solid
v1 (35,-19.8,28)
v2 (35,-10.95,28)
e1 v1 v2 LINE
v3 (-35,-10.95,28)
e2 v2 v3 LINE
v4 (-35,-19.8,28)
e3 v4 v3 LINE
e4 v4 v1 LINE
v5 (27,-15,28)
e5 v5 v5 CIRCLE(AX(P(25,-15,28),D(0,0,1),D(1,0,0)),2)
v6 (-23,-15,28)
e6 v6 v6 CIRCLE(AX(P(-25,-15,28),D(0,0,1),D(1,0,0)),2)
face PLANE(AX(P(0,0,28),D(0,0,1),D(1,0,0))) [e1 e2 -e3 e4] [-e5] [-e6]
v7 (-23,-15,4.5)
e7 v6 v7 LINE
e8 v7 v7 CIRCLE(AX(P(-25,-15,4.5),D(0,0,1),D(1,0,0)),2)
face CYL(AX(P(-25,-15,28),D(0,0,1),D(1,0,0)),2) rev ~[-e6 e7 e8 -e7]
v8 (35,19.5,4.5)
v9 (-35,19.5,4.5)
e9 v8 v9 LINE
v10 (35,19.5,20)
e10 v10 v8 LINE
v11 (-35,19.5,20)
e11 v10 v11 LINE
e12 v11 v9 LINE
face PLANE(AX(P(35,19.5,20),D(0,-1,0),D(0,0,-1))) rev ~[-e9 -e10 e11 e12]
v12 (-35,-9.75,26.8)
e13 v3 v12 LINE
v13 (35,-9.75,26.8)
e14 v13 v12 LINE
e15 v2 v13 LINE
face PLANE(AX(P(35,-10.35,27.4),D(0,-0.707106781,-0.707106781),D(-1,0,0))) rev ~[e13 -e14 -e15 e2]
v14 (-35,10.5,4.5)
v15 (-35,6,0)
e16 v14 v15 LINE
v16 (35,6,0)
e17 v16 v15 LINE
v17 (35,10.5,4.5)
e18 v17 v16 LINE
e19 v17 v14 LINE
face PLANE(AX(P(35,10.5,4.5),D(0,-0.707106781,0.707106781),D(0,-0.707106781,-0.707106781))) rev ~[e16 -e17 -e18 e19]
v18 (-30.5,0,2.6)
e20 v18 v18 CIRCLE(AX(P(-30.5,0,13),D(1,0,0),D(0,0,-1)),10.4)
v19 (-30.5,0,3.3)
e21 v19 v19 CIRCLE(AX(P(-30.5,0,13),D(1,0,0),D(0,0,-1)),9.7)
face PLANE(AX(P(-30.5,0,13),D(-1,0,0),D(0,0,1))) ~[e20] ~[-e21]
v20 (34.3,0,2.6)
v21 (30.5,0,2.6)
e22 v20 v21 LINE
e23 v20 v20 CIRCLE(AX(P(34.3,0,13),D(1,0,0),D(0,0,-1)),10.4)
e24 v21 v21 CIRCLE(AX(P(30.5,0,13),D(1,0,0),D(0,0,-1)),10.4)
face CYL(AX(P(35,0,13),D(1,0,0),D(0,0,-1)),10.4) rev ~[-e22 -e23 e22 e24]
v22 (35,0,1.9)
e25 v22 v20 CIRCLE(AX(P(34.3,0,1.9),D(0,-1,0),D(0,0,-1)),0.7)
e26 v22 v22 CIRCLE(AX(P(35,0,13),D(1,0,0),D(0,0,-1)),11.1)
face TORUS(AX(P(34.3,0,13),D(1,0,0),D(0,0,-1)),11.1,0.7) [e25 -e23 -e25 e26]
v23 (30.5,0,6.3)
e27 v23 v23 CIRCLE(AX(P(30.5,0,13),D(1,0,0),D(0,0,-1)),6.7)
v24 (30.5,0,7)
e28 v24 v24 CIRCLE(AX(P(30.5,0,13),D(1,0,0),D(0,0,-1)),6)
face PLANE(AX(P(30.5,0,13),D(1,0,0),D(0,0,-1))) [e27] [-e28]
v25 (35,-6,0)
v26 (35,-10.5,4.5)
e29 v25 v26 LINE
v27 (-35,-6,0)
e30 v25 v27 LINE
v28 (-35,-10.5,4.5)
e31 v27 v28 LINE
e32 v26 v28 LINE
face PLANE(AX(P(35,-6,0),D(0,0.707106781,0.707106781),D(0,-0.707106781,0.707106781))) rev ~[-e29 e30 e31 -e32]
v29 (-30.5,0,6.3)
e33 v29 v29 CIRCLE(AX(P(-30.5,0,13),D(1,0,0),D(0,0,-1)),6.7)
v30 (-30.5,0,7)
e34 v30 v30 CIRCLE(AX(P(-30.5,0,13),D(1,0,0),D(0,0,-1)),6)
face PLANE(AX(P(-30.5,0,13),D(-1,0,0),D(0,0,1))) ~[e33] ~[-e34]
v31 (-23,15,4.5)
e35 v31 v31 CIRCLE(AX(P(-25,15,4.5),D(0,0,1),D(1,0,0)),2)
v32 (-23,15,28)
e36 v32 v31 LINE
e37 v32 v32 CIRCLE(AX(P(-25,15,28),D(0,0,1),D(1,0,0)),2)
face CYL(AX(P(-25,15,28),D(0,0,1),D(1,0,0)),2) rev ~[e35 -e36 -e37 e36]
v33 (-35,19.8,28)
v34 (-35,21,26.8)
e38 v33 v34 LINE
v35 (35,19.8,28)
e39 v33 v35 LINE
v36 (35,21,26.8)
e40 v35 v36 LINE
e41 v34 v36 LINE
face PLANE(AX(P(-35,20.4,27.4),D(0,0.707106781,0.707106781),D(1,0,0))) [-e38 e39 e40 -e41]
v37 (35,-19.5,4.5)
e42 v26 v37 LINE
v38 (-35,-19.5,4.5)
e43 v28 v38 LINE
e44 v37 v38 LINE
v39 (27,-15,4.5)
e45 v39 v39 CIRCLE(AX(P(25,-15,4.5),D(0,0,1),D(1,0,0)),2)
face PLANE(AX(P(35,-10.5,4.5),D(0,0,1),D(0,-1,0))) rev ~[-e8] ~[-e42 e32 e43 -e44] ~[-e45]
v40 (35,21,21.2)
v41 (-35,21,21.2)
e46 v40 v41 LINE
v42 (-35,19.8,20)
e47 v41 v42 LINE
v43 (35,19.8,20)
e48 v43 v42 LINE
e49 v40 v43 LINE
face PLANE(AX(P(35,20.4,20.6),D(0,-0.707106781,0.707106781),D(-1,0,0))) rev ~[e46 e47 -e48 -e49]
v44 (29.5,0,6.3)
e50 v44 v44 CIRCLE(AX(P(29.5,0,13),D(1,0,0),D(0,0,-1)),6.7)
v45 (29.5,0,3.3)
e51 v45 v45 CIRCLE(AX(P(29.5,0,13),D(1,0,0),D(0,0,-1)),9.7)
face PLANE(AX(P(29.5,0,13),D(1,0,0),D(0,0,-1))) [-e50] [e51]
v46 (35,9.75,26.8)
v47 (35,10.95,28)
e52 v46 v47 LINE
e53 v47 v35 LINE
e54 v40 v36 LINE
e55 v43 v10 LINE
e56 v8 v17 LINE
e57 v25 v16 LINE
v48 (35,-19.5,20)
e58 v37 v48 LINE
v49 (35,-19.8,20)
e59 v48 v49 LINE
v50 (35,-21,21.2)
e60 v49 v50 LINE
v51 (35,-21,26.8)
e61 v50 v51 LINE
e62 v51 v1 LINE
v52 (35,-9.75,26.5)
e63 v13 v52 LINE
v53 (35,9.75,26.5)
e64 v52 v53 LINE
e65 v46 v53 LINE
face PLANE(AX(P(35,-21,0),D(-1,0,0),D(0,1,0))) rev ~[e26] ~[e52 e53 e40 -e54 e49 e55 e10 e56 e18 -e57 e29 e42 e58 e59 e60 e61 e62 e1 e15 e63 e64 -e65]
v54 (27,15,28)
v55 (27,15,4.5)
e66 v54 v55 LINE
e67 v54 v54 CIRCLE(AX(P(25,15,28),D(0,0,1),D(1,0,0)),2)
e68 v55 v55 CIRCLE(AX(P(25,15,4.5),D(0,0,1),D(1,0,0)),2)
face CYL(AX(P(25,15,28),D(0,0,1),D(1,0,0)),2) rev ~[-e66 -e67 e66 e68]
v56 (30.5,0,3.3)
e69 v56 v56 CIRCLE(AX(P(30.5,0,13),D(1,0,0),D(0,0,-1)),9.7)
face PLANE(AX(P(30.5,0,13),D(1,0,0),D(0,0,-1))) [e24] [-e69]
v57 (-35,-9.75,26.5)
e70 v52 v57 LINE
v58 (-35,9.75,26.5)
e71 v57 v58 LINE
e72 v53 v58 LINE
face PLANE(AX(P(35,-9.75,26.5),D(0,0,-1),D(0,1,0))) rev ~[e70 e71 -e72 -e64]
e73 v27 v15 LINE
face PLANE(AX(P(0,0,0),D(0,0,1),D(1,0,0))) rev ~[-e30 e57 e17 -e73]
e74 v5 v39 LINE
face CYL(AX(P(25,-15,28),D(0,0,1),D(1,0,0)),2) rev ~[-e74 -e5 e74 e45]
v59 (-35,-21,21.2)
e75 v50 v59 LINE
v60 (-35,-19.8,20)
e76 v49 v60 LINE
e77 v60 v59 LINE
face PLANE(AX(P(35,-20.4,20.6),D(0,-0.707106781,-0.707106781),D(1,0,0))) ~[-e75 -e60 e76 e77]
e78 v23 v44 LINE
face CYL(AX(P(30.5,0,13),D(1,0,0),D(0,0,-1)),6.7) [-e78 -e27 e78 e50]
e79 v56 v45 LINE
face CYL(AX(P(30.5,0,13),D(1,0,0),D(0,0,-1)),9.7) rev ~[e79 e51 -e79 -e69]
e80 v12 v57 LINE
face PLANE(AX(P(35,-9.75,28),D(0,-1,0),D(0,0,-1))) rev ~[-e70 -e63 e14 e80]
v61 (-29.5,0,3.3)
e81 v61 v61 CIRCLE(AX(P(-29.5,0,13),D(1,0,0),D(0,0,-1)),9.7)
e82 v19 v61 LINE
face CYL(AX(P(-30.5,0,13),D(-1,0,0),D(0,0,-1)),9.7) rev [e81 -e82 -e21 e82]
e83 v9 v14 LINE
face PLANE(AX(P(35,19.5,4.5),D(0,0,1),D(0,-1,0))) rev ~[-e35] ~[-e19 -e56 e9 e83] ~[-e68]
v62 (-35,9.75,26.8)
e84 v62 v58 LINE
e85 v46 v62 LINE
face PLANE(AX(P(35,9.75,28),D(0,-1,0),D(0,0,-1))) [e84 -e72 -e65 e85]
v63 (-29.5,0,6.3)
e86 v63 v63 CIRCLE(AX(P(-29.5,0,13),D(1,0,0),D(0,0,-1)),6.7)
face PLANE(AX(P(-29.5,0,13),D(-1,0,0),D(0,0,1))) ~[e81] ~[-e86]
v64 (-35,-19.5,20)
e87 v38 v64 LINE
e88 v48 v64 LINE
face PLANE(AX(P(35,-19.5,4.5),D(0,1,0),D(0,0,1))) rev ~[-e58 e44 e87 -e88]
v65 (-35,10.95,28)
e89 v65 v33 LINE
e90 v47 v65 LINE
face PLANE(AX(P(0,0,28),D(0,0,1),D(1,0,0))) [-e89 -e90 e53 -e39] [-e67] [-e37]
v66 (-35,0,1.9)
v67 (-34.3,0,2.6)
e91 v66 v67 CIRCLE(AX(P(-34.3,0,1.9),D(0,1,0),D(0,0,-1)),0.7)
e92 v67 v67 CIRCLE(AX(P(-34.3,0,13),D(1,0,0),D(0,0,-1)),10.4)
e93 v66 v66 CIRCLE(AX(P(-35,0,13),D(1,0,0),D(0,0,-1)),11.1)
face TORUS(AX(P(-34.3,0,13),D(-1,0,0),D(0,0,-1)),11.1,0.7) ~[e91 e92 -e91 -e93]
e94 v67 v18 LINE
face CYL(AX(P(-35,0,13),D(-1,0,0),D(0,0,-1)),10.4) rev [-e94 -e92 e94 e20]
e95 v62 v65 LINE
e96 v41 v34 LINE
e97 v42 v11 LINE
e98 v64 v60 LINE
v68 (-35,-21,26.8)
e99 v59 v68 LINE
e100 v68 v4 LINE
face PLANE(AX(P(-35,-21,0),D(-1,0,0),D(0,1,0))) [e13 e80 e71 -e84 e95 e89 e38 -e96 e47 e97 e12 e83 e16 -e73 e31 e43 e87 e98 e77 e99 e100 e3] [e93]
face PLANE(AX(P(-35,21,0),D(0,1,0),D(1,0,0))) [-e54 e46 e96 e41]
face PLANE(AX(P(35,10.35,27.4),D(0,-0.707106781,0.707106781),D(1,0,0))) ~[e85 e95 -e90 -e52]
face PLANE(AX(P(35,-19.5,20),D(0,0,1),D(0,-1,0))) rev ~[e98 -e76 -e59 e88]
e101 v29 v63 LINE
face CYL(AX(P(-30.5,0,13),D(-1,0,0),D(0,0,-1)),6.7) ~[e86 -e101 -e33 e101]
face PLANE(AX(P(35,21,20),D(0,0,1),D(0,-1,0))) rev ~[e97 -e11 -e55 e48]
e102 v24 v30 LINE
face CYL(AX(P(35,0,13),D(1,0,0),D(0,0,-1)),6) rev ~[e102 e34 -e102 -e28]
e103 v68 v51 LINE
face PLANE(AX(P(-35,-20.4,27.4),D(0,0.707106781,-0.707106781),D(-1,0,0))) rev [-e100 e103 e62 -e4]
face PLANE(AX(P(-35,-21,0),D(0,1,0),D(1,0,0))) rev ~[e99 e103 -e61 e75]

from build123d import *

# Parameters (mm, degrees)
CROQUIS1_W              = 70
CROQUIS1_H              = 42
SALIENTE_EXTRUIR1_DEPTH = 28
CROQUIS2_W              = 1.5
CROQUIS2_H              = 19.5
CORTAR_EXTRUIR1_DEPTH   = 70
CROQUIS3_R              = 2
CORTAR_EXTRUIR2_DEPTH   = 70
CROQUIS4_R              = 6
CORTAR_EXTRUIR3_DEPTH   = 70
CROQUIS5_R              = 10.4
CORTAR_EXTRUIR4_DEPTH   = 4.5
CROQUIS6_R              = 9.7
CROQUIS6_R_2            = 6.7
CORTAR_EXTRUIR5_DEPTH   = 1
CHAFL_N1_SIZE           = 1.2
REDONDEO1_R             = 0.7


with BuildPart() as part:
    # Croquis1 → Saliente-Extruir1 (new body)
    with BuildSketch(Plane.XY):
        Rectangle(CROQUIS1_W, CROQUIS1_H)
    extrude(amount=SALIENTE_EXTRUIR1_DEPTH)

    # Croquis2 → Cortar-Extruir1 (cut)
    with BuildSketch(Plane(origin=(35, 0, 0), x_dir=(0, 0, -1), z_dir=(1, 0, 0))):
        with Locations((-27.25, 0)):
            Rectangle(CROQUIS2_W, CROQUIS2_H)
        Polygon((0, 21), (-20, 21), (-20, 19.5), (-4.5, 19.5), (-4.5, 10.5), (0, 6), align=None)
        Polygon((-20, -19.5), (-20, -21), (0, -21), (0, -6), (-4.5, -10.5), (-4.5, -19.5), align=None)
    extrude(amount=-CORTAR_EXTRUIR1_DEPTH, mode=Mode.SUBTRACT)

    # Croquis3 → Cortar-Extruir2 (cut)
    with BuildSketch(Plane.XY.offset(28)):
        with Locations((25, -15)):
            Circle(CROQUIS3_R)
        with Locations((-25, -15)):
            Circle(CROQUIS3_R)
        with Locations((-25, 15)):
            Circle(CROQUIS3_R)
        with Locations((25, 15)):
            Circle(CROQUIS3_R)
    extrude(amount=-CORTAR_EXTRUIR2_DEPTH, mode=Mode.SUBTRACT)

    # Croquis4 → Cortar-Extruir3 (cut)
    with BuildSketch(Plane(origin=(35, 0, 0), x_dir=(0, 0, -1), z_dir=(1, 0, 0))):
        with Locations((-13, 0)):
            Circle(CROQUIS4_R)
    extrude(amount=-CORTAR_EXTRUIR3_DEPTH, mode=Mode.SUBTRACT)

    # Croquis5 → Cortar-Extruir4 (cut)
    with BuildSketch(Plane(origin=(35, 0, 0), x_dir=(0, 0, -1), z_dir=(1, 0, 0))):
        with Locations((-13, 0)):
            Circle(CROQUIS5_R)
    cortar_extruir4 = extrude(amount=-CORTAR_EXTRUIR4_DEPTH, mode=Mode.SUBTRACT)

    # Croquis6 → Cortar-Extruir5 (cut)
    with BuildSketch(Plane(origin=(30.5, 0, 0), x_dir=(0, 0, -1), z_dir=(1, 0, 0))):
        with Locations((-13, 0)):
            Circle(CROQUIS6_R)
        with Locations((-13, 0)):
            Circle(CROQUIS6_R_2, mode=Mode.SUBTRACT)
    cortar_extruir5 = extrude(amount=-CORTAR_EXTRUIR5_DEPTH, mode=Mode.SUBTRACT)

    # Simetría1: Cortar-Extruir4, Cortar-Extruir5 across plane
    add(cortar_extruir4.mirror(Plane(origin=(0, 0, 0), x_dir=(0, 0, 1), z_dir=(1, 0, 0))), mode=Mode.SUBTRACT)
    add(cortar_extruir5.mirror(Plane(origin=(0, 0, 0), x_dir=(0, 0, 1), z_dir=(1, 0, 0))), mode=Mode.SUBTRACT)

    # Chaflán1
    chafl_n1_edges = [part.edges().sort_by_distance(p)[0] for p in [
        (0, -21, 28),
        (0, -9.75, 28),
        (0, 9.75, 28),
        (0, 21, 20),
        (0, -21, 20),
        (0, 21, 28),
    ]]
    chamfer(chafl_n1_edges, length=CHAFL_N1_SIZE)

    # Redondeo1
    redondeo1_edges = [part.edges().sort_by_distance(p)[0] for p in [
        (-35, 0, 23.4),
        (35, 0, 23.4),
    ]]
    fillet(redondeo1_edges, radius=REDONDEO1_R)


solid = part.part
